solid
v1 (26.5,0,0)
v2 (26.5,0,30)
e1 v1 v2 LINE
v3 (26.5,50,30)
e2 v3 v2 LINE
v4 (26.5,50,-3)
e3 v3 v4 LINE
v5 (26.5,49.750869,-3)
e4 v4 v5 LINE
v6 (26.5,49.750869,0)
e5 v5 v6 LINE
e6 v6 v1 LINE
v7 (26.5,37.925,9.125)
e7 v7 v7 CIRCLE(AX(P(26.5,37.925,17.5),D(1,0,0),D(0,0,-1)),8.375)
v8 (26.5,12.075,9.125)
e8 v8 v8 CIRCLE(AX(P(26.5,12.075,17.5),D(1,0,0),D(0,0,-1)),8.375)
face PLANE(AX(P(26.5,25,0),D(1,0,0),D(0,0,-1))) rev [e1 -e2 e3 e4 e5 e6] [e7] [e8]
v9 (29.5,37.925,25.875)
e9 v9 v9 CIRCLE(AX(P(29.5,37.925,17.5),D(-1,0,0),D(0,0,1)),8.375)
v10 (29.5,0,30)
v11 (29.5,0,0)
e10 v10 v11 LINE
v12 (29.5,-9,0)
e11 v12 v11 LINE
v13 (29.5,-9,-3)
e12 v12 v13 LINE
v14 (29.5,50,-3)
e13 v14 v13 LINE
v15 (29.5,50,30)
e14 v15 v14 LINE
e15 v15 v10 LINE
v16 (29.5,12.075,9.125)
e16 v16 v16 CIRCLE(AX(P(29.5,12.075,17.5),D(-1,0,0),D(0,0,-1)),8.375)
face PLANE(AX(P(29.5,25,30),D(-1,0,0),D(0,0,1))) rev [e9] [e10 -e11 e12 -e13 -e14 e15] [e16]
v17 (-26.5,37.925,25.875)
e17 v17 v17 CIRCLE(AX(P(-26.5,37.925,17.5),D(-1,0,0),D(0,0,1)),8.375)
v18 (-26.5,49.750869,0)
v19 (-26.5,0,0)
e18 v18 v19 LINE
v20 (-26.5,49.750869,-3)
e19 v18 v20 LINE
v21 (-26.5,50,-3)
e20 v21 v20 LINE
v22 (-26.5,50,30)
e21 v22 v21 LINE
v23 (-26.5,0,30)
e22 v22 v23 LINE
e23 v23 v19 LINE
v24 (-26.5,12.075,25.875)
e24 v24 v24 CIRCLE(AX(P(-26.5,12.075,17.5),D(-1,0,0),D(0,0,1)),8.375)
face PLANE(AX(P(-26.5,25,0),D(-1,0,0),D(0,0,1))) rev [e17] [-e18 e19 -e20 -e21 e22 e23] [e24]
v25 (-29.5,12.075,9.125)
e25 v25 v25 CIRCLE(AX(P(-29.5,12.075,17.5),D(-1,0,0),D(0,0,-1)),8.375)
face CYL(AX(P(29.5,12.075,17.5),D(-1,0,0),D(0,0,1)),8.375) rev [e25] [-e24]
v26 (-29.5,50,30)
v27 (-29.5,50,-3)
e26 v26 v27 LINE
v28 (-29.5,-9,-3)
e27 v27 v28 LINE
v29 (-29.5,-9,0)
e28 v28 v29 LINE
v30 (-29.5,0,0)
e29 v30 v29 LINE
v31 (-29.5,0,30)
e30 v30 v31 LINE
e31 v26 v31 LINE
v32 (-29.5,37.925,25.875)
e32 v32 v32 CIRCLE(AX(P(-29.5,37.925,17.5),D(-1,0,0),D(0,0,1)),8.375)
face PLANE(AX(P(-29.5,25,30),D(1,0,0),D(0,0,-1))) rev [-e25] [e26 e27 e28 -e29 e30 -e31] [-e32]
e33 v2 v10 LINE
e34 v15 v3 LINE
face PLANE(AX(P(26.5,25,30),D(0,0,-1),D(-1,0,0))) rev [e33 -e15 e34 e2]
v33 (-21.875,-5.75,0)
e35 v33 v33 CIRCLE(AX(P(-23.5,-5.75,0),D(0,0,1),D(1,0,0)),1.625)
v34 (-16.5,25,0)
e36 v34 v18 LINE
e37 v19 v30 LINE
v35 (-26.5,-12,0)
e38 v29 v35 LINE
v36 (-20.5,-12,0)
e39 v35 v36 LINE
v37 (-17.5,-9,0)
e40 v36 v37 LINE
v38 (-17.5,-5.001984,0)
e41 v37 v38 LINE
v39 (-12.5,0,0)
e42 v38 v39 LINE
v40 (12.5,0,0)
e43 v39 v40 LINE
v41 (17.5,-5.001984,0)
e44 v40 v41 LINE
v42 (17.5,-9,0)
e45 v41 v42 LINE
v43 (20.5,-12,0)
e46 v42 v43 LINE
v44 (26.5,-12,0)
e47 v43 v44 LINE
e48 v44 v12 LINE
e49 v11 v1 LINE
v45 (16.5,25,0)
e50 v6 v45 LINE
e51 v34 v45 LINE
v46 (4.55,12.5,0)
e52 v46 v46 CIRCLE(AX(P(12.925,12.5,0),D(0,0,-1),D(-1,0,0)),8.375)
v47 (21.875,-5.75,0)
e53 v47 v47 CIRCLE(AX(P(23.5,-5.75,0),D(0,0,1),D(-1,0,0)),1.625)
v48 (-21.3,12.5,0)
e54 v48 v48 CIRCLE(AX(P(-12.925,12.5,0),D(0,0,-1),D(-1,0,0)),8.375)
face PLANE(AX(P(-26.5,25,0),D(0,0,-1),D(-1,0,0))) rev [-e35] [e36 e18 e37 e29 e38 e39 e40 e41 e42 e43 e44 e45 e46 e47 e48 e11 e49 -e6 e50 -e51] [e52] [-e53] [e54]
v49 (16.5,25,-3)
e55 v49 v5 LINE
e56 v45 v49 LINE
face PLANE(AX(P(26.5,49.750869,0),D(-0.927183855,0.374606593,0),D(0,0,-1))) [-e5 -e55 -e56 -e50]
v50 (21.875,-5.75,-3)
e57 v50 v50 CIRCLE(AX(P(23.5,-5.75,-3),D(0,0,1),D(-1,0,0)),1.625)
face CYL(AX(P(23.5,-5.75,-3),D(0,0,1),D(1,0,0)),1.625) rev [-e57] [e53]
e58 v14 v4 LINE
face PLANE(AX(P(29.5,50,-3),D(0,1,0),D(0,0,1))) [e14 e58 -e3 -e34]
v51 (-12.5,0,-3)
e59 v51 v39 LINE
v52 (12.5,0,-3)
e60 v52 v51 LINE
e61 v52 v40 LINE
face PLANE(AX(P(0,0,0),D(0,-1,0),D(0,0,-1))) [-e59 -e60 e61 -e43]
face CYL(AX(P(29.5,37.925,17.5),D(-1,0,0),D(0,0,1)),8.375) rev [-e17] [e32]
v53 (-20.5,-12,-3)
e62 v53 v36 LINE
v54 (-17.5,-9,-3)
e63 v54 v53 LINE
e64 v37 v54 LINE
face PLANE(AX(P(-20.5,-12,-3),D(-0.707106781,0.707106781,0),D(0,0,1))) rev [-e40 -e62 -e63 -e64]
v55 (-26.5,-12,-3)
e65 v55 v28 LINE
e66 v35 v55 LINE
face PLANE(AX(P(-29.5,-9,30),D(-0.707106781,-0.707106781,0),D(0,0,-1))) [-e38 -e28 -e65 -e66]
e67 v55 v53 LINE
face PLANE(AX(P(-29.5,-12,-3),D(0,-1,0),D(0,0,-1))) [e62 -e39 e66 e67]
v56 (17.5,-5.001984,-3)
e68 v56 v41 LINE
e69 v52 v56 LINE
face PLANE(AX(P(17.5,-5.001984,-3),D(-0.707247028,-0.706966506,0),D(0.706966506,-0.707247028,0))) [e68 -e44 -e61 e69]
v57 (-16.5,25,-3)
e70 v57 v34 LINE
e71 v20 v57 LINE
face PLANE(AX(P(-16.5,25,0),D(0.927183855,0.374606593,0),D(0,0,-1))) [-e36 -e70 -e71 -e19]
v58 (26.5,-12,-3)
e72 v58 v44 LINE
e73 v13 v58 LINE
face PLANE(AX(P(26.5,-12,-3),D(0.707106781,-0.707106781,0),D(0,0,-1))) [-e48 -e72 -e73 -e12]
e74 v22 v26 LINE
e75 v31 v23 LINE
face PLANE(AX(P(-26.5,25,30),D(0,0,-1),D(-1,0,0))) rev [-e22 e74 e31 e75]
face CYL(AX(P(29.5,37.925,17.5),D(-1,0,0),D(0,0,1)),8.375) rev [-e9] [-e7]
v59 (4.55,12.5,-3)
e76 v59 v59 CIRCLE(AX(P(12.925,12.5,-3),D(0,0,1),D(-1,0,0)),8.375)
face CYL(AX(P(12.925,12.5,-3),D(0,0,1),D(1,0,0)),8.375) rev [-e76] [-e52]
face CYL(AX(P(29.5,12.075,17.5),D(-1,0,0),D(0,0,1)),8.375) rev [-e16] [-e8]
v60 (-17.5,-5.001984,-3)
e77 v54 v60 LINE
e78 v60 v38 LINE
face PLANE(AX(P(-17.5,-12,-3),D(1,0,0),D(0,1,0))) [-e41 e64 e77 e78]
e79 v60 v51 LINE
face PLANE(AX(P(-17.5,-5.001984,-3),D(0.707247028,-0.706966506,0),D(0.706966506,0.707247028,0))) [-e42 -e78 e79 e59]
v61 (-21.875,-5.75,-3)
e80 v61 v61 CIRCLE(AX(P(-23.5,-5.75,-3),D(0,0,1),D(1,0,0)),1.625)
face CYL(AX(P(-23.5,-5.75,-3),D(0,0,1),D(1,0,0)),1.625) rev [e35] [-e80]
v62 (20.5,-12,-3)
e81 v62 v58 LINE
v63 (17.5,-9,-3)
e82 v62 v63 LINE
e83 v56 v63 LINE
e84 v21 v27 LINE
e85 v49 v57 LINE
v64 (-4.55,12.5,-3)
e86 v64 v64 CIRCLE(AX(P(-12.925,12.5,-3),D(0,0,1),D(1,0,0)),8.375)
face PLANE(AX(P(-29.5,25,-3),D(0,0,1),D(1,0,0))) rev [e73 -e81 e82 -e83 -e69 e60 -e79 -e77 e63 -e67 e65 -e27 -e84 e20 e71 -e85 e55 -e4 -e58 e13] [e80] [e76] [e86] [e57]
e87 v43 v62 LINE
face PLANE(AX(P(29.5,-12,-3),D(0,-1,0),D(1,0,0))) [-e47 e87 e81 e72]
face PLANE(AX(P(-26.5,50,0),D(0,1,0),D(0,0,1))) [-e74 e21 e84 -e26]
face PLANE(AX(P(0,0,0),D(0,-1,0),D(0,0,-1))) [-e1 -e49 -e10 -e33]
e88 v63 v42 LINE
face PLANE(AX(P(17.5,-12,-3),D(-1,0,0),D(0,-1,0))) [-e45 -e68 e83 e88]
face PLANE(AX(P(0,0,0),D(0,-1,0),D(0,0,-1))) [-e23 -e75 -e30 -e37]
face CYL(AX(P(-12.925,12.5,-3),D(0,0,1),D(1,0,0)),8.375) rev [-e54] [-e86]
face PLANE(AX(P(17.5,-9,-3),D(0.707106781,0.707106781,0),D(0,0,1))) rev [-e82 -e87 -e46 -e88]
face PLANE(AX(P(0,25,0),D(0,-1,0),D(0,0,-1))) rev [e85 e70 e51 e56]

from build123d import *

# Parameters (mm, degrees)
SALIENTE_EXTRUIR1_DEPTH    = 25
CORTAR_EXTRUIR1_DEPTH      = 49.94129136
CORTAR_EXTRUIR1_DEPTH_BACK = 49.94129136
CROQUIS2_R                 = 8.375
SALIENTE_EXTRUIR2_DEPTH    = 3
SALIENTE_EXTRUIR3_DEPTH    = 3
CROQUIS5_R                 = 8.375
CORTAR_EXTRUIR2_DEPTH      = 83.95179323
CHAFL_N1_SIZE              = 10
CHAFL_N1_SIZE2             = 24.750868534
CROQUIS6_R                 = 1.625
SALIENTE_EXTRUIR4_DEPTH    = 3
CHAFL_N2_SIZE              = 3


with BuildPart() as part:
    # Croquis1 → Saliente-Extruir1 (new body)
    with BuildSketch(Plane(origin=(0, 0, 0), x_dir=(1, 0, 0), z_dir=(0, 1, 0))):
        Polygon((-26.5, 0), (-26.5, -30), (-29.5, -30), (-29.5, 3), (29.5, 3), (29.5, -30), (26.5, -30), (26.5, 0), align=None)
    extrude(amount=SALIENTE_EXTRUIR1_DEPTH)

    # Croquis2 → Cortar-Extruir1 (cut, two sides: drawn at the far end of the back side and taken through both)
    with BuildSketch(Plane.XY.offset(-CORTAR_EXTRUIR1_DEPTH_BACK)):
        with Locations((-12.925, 12.5)):
            Circle(CROQUIS2_R)
        with Locations(Location((12.925, 12.5, 0), (0, 0, 180))):
            Circle(CROQUIS2_R)
    extrude(amount=CORTAR_EXTRUIR1_DEPTH + CORTAR_EXTRUIR1_DEPTH_BACK, mode=Mode.SUBTRACT)

    # Croquis3 → Saliente-Extruir2 (add)
    with BuildSketch(Plane.ZY.offset(-26.5)):
        Polygon((0, 25), (30, 25), (30, 50), (0, 50), (-3, 50), (-3, 25), align=None)
    extrude(amount=-SALIENTE_EXTRUIR2_DEPTH)

    # Croquis4 → Saliente-Extruir3 (add)
    with BuildSketch(Plane.ZY.offset(29.5)):
        Polygon((0, 25), (30, 25), (30, 50), (0, 50), (-3, 50), (-3, 25), align=None)
    extrude(amount=-SALIENTE_EXTRUIR3_DEPTH)

    # Croquis5 → Cortar-Extruir2 (cut, through all)
    with BuildSketch(Plane.ZY.offset(29.5)):
        with Locations((17.5, 37.925)):
            Circle(CROQUIS5_R)
        with Locations((17.5, 12.075)):
            Circle(CROQUIS5_R)
    extrude(amount=-CORTAR_EXTRUIR2_DEPTH, mode=Mode.SUBTRACT)

    # Chaflán1
    chafl_n1_edges = [part.edges().sort_by_distance(p)[0] for p in [
        (26.5, 25, -1.5),
        (-26.5, 25, -1.5),
    ]]
    chafl_n1_side = [part.faces().sort_by_distance(p)[0] for p in [
        (0, 25, -1.5),
    ]]
    chamfer(chafl_n1_edges, length=CHAFL_N1_SIZE, length2=CHAFL_N1_SIZE2, reference=chafl_n1_side[0])

    # Croquis6 → Saliente-Extruir4 (add)
    # profile 1 of 2: a face of its own
    with BuildSketch(Plane.XY):
        Polygon((-29.5, 0), (-17.5, 0), (-12.5, 0), (-17.5, -5.001983983), (-17.5, -12), (-29.5, -12), align=None)
        with Locations((-23.5, -5.75)):
            Circle(CROQUIS6_R, mode=Mode.SUBTRACT)
    # profile 2 of 2: a face of its own
    with BuildSketch(Plane.XY):
        Polygon((12.5, 0), (17.5, 0), (29.5, 0), (29.5, -12), (17.5, -12), (17.5, -5.001983983), align=None)
        with Locations(Location((23.5, -5.75, 0), (0, 0, 180))):
            Circle(CROQUIS6_R, mode=Mode.SUBTRACT)
    extrude(amount=-SALIENTE_EXTRUIR4_DEPTH)

    # Chaflán2
    chafl_n2_edges = [part.edges().sort_by_distance(p)[0] for p in [
        (-29.5, -12, -1.5),
        (-17.5, -12, -1.5),
        (29.5, -12, -1.5),
        (17.5, -12, -1.5),
    ]]
    chamfer(chafl_n2_edges, length=CHAFL_N2_SIZE)


solid = part.part
